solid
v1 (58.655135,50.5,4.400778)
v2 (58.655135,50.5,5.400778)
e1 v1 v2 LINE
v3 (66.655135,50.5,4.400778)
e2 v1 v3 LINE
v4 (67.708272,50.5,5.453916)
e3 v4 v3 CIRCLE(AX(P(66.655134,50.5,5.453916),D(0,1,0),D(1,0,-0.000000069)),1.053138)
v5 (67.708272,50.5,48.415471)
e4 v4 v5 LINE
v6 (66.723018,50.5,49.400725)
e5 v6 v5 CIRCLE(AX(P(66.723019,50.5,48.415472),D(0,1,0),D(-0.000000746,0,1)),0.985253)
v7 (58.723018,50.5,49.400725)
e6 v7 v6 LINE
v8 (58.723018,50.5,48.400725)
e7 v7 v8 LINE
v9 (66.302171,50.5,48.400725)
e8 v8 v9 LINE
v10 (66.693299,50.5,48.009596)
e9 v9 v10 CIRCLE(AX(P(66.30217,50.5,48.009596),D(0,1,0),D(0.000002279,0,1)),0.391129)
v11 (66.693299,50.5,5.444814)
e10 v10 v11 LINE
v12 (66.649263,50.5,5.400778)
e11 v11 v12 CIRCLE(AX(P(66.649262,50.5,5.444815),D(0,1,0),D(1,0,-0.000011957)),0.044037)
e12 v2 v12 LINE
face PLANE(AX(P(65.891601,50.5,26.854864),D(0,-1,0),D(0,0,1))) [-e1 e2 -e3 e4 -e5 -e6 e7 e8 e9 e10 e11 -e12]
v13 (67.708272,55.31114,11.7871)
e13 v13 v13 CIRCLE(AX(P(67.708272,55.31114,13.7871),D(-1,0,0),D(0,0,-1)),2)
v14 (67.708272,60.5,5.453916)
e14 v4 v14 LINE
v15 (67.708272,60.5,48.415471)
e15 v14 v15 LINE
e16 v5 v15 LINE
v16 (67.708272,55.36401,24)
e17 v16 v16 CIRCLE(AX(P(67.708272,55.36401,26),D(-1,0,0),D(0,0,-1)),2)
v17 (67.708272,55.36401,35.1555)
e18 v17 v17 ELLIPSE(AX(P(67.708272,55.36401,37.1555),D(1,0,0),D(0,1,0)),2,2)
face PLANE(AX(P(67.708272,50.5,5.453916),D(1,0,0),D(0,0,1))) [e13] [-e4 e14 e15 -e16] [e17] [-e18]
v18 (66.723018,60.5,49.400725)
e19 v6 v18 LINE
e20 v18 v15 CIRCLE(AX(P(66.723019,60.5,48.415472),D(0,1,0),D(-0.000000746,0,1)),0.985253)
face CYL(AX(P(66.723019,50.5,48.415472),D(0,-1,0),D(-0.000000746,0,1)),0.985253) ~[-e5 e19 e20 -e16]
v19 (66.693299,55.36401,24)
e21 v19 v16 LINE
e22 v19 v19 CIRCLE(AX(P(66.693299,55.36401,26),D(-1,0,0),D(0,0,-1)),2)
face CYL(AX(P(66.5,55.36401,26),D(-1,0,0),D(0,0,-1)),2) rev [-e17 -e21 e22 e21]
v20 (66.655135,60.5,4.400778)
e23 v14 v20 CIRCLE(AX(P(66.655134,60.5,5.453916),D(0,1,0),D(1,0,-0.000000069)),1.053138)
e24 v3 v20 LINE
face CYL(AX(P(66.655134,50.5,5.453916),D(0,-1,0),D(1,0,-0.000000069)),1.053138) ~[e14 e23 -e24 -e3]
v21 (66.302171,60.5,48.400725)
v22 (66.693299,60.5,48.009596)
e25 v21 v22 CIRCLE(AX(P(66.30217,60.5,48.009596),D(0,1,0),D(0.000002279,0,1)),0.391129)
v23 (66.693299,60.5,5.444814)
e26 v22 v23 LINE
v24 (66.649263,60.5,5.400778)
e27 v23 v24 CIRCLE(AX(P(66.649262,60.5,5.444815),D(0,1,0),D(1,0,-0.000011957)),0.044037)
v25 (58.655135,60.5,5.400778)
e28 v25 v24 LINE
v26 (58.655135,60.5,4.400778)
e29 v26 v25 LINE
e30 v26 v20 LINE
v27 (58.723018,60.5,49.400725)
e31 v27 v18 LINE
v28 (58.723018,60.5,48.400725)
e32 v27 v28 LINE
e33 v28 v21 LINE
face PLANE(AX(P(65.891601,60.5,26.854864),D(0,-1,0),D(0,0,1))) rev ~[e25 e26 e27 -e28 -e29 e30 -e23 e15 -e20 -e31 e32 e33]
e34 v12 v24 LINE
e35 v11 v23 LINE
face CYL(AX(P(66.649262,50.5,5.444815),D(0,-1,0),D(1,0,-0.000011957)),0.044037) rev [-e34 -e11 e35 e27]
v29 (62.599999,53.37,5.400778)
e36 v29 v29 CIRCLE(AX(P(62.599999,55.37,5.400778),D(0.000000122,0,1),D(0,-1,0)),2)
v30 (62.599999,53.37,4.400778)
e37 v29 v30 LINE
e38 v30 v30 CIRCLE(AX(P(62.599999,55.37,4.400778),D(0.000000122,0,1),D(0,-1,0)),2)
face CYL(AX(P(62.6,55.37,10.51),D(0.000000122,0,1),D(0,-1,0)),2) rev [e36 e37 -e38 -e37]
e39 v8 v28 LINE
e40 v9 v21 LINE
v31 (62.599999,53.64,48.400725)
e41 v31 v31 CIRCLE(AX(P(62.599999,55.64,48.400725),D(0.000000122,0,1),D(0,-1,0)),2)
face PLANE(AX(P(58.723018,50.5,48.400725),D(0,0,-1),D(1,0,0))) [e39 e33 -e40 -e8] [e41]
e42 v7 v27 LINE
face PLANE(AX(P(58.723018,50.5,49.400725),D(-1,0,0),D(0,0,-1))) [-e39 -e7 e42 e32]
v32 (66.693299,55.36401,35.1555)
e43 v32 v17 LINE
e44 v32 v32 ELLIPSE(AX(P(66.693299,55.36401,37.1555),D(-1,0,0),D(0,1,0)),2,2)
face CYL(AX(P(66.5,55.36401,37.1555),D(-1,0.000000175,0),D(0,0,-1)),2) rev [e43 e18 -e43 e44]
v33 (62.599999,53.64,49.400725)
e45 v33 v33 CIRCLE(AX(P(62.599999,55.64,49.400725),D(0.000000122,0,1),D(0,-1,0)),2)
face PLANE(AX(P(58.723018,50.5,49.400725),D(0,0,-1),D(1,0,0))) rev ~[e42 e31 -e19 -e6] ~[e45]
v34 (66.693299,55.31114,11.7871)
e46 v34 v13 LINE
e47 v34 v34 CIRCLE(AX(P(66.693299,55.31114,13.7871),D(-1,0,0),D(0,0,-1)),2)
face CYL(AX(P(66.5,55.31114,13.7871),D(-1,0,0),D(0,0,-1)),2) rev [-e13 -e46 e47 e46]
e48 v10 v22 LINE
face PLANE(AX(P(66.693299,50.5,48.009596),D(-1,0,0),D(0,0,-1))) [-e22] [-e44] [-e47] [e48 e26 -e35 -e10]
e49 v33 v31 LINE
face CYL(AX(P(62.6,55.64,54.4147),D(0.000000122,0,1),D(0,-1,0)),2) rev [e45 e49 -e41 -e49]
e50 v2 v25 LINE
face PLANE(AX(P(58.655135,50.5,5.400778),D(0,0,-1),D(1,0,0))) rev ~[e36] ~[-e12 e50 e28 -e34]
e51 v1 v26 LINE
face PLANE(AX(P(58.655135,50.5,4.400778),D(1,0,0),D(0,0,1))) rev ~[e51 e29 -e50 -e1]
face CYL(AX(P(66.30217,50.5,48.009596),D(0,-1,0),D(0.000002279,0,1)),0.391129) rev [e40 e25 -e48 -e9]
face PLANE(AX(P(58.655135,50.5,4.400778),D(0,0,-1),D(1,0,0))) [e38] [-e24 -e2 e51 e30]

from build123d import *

# Parameters (mm, degrees)
CYLINDER030_R               = 2
CYLINDER030_DEPTH           = 10
CYLINDER030_PITCH_ANGLE     = 90
CYLINDER030_PLACEMENT_ANGLE = 7e-06
CYLINDER031_R               = 2
CYLINDER031_DEPTH           = 10
CYLINDER031_PITCH_ANGLE     = 90
CYLINDER031_PLACEMENT_ANGLE = 7e-06
CYLINDER026_R               = 2
CYLINDER026_DEPTH           = 2
CYLINDER026_ROLL_ANGLE      = -88.507054
CYLINDER026_PITCH_ANGLE     = -87.01751
CYLINDER026_PLACEMENT_ANGLE = -92.244015
CYLINDER028_R               = 2
CYLINDER028_DEPTH           = 2
CYLINDER028_PLACEMENT_ANGLE = 90.00001
CYLINDER029_R               = 2
CYLINDER029_DEPTH           = 2
CYLINDER029_ROLL_ANGLE      = 90
CYLINDER027_R               = 2
CYLINDER027_DEPTH           = 2
CYLINDER027_ROLL_ANGLE      = 90
CYLINDER025_R               = 2
CYLINDER025_DEPTH           = 2
CYLINDER025_ROLL_ANGLE      = -88.507054
CYLINDER025_PITCH_ANGLE     = -87.01751
CYLINDER025_PLACEMENT_ANGLE = -92.244015
PAD006_DEPTH                = 10
CUT026_PITCH_ANGLE          = 90
CUT026_PLACEMENT_ANGLE      = 90


with BuildPart() as cylinder030:
    # Cylinder030 → Cylinder030 (new body)
    with BuildSketch(Plane.XY):
        Circle(CYLINDER030_R)
    extrude(amount=CYLINDER030_DEPTH)


with BuildPart() as cylinder030_1:
    # Cylinder030 pitch: moved
    add(cylinder030.part.rotate(Axis((0, 0, 0), (0, 1, 0)), CYLINDER030_PITCH_ANGLE))


with BuildPart() as cylinder030_2:
    # Cylinder030 placement: moved
    add(cylinder030_1.part.moved(Location((15.49, 3.9, 4.87))).rotate(Axis((15.49, 3.9, 4.87), (0, 0, 1)), CYLINDER030_PLACEMENT_ANGLE))


with BuildPart() as cylinder031:
    # Cylinder031 → Cylinder031 (new body)
    with BuildSketch(Plane.XY):
        Circle(CYLINDER031_R)
    extrude(amount=CYLINDER031_DEPTH)


with BuildPart() as cylinder031_1:
    # Cylinder031 pitch: moved
    add(cylinder031.part.rotate(Axis((0, 0, 0), (0, 1, 0)), CYLINDER031_PITCH_ANGLE))


with BuildPart() as cylinder031_2:
    # Cylinder031 placement: moved
    add(cylinder031_1.part.moved(Location((-28.4147, 3.9, 5.14))).rotate(Axis((-28.4147, 3.9, 5.14), (0, 0, 1)), CYLINDER031_PLACEMENT_ANGLE))


with BuildPart() as cylinder026:
    # Cylinder026 → Cylinder026 (new body)
    with BuildSketch(Plane.XY):
        Circle(CYLINDER026_R)
    extrude(amount=CYLINDER026_DEPTH)


with BuildPart() as cylinder026_1:
    # Cylinder026 roll: moved
    add(cylinder026.part.rotate(Axis((0, 0, 0), (1, 0, 0)), CYLINDER026_ROLL_ANGLE))


with BuildPart() as cylinder026_2:
    # Cylinder026 pitch: moved
    add(cylinder026_1.part.rotate(Axis((0, 0, 0), (0, 1, 0)), CYLINDER026_PITCH_ANGLE))


with BuildPart() as cylinder026_3:
    # Cylinder026 placement: moved
    add(cylinder026_2.part.moved(Location((-26, 5.29, 4.9))).rotate(Axis((-26, 5.29, 4.9), (0, 0, 1)), CYLINDER026_PLACEMENT_ANGLE))


with BuildPart() as cylinder028:
    # Cylinder028 → Cylinder028 (new body)
    with BuildSketch(Plane.XY):
        Circle(CYLINDER028_R)
    extrude(amount=CYLINDER028_DEPTH)


with BuildPart() as cylinder028_1:
    # Cylinder028 placement: moved
    add(cylinder028.part.moved(Location((-11.1555, 0, 4.86401))).rotate(Axis((-11.1555, 0, 4.86401), (1, 0, 0)), CYLINDER028_PLACEMENT_ANGLE))


with BuildPart() as cylinder029:
    # Cylinder029 → Cylinder029 (new body)
    with BuildSketch(Plane.XY):
        Circle(CYLINDER029_R)
    extrude(amount=CYLINDER029_DEPTH)


with BuildPart() as cylinder029_1:
    # Cylinder029 roll: moved
    add(cylinder029.part.rotate(Axis((0, 0, 0), (1, 0, 0)), CYLINDER029_ROLL_ANGLE))


with BuildPart() as cylinder029_2:
    # Cylinder029 placement: moved
    add(cylinder029_1.part.moved(Location((0, 0, 4.86401))))


with BuildPart() as cylinder027:
    # Cylinder027 → Cylinder027 (new body)
    with BuildSketch(Plane.XY):
        Circle(CYLINDER027_R)
    extrude(amount=CYLINDER027_DEPTH)


with BuildPart() as cylinder027_1:
    # Cylinder027 roll: moved
    add(cylinder027.part.rotate(Axis((0, 0, 0), (1, 0, 0)), CYLINDER027_ROLL_ANGLE))


with BuildPart() as cylinder027_2:
    # Cylinder027 placement: moved
    add(cylinder027_1.part.moved(Location((12.2129, 0, 4.81114))))


with BuildPart() as cylinder025:
    # Cylinder025 → Cylinder025 (new body)
    with BuildSketch(Plane.XY):
        Circle(CYLINDER025_R)
    extrude(amount=CYLINDER025_DEPTH)


with BuildPart() as cylinder025_1:
    # Cylinder025 roll: moved
    add(cylinder025.part.rotate(Axis((0, 0, 0), (1, 0, 0)), CYLINDER025_ROLL_ANGLE))


with BuildPart() as cylinder025_2:
    # Cylinder025 pitch: moved
    add(cylinder025_1.part.rotate(Axis((0, 0, 0), (0, 1, 0)), CYLINDER025_PITCH_ANGLE))


with BuildPart() as cylinder025_3:
    # Cylinder025 placement: moved
    add(cylinder025_2.part.moved(Location((25, 5.38, 4.9))).rotate(Axis((25, 5.38, 4.9), (0, 0, 1)), CYLINDER025_PLACEMENT_ANGLE))


with BuildPart() as cut026:
    # Sketch007 → Pad006 (new body)
    with BuildSketch(Plane.XY):
        with BuildLine():
            Line((20.546084, -1.208272), (-22.415471, -1.208272))
            ThreePointArc((-23.400725, -0.223018), (-23.112151, -0.919698), (-22.415471, -1.208272))
            Line((-23.400725, 7.776982), (-23.400725, -0.223018))
            Line((-23.400725, 7.776982), (-22.400725, 7.776982))
            Line((-22.400725, 7.776982), (-22.400725, 0.197829))
            ThreePointArc((-22.400725, 0.197829), (-22.286166, -0.07874), (-22.009596, -0.193299))
            Line((-22.009596, -0.193299), (20.555186, -0.193299))
            ThreePointArc((20.555186, -0.193299), (20.586324, -0.180401), (20.599222, -0.149263))
            Line((20.599222, 7.844865), (20.599222, -0.149263))
            Line((21.599222, 7.844865), (20.599222, 7.844865))
            Line((21.599222, 7.844865), (21.599222, -0.155135))
            ThreePointArc((20.546084, -1.208272), (21.290765, -0.899815), (21.599222, -0.155135))
        make_face()
    extrude(amount=PAD006_DEPTH)

    # Cut005: cut Cylinder025
    add(cylinder025_3.part, mode=Mode.SUBTRACT)

    # Cut006: cut Cylinder027
    add(cylinder027_2.part, mode=Mode.SUBTRACT)

    # Cut007: cut Cylinder029
    add(cylinder029_2.part, mode=Mode.SUBTRACT)

    # Cut008: cut Cylinder028
    add(cylinder028_1.part, mode=Mode.SUBTRACT)

    # Cut009: cut Cylinder026
    add(cylinder026_3.part, mode=Mode.SUBTRACT)

    # Cut018: cut Cylinder031
    add(cylinder031_2.part, mode=Mode.SUBTRACT)

    # Cut026: cut Cylinder030
    add(cylinder030_2.part, mode=Mode.SUBTRACT)


with BuildPart() as cut026_1:
    # Cut026 pitch: moved
    add(cut026.part.rotate(Axis((0, 0, 0), (0, 1, 0)), CUT026_PITCH_ANGLE))


with BuildPart() as cut026_2:
    # Cut026 placement: moved
    add(cut026_1.part.moved(Location((66.5, 50.5, 26))).rotate(Axis((66.5, 50.5, 26), (0, 0, 1)), CUT026_PLACEMENT_ANGLE))


solid = cut026_2.part
